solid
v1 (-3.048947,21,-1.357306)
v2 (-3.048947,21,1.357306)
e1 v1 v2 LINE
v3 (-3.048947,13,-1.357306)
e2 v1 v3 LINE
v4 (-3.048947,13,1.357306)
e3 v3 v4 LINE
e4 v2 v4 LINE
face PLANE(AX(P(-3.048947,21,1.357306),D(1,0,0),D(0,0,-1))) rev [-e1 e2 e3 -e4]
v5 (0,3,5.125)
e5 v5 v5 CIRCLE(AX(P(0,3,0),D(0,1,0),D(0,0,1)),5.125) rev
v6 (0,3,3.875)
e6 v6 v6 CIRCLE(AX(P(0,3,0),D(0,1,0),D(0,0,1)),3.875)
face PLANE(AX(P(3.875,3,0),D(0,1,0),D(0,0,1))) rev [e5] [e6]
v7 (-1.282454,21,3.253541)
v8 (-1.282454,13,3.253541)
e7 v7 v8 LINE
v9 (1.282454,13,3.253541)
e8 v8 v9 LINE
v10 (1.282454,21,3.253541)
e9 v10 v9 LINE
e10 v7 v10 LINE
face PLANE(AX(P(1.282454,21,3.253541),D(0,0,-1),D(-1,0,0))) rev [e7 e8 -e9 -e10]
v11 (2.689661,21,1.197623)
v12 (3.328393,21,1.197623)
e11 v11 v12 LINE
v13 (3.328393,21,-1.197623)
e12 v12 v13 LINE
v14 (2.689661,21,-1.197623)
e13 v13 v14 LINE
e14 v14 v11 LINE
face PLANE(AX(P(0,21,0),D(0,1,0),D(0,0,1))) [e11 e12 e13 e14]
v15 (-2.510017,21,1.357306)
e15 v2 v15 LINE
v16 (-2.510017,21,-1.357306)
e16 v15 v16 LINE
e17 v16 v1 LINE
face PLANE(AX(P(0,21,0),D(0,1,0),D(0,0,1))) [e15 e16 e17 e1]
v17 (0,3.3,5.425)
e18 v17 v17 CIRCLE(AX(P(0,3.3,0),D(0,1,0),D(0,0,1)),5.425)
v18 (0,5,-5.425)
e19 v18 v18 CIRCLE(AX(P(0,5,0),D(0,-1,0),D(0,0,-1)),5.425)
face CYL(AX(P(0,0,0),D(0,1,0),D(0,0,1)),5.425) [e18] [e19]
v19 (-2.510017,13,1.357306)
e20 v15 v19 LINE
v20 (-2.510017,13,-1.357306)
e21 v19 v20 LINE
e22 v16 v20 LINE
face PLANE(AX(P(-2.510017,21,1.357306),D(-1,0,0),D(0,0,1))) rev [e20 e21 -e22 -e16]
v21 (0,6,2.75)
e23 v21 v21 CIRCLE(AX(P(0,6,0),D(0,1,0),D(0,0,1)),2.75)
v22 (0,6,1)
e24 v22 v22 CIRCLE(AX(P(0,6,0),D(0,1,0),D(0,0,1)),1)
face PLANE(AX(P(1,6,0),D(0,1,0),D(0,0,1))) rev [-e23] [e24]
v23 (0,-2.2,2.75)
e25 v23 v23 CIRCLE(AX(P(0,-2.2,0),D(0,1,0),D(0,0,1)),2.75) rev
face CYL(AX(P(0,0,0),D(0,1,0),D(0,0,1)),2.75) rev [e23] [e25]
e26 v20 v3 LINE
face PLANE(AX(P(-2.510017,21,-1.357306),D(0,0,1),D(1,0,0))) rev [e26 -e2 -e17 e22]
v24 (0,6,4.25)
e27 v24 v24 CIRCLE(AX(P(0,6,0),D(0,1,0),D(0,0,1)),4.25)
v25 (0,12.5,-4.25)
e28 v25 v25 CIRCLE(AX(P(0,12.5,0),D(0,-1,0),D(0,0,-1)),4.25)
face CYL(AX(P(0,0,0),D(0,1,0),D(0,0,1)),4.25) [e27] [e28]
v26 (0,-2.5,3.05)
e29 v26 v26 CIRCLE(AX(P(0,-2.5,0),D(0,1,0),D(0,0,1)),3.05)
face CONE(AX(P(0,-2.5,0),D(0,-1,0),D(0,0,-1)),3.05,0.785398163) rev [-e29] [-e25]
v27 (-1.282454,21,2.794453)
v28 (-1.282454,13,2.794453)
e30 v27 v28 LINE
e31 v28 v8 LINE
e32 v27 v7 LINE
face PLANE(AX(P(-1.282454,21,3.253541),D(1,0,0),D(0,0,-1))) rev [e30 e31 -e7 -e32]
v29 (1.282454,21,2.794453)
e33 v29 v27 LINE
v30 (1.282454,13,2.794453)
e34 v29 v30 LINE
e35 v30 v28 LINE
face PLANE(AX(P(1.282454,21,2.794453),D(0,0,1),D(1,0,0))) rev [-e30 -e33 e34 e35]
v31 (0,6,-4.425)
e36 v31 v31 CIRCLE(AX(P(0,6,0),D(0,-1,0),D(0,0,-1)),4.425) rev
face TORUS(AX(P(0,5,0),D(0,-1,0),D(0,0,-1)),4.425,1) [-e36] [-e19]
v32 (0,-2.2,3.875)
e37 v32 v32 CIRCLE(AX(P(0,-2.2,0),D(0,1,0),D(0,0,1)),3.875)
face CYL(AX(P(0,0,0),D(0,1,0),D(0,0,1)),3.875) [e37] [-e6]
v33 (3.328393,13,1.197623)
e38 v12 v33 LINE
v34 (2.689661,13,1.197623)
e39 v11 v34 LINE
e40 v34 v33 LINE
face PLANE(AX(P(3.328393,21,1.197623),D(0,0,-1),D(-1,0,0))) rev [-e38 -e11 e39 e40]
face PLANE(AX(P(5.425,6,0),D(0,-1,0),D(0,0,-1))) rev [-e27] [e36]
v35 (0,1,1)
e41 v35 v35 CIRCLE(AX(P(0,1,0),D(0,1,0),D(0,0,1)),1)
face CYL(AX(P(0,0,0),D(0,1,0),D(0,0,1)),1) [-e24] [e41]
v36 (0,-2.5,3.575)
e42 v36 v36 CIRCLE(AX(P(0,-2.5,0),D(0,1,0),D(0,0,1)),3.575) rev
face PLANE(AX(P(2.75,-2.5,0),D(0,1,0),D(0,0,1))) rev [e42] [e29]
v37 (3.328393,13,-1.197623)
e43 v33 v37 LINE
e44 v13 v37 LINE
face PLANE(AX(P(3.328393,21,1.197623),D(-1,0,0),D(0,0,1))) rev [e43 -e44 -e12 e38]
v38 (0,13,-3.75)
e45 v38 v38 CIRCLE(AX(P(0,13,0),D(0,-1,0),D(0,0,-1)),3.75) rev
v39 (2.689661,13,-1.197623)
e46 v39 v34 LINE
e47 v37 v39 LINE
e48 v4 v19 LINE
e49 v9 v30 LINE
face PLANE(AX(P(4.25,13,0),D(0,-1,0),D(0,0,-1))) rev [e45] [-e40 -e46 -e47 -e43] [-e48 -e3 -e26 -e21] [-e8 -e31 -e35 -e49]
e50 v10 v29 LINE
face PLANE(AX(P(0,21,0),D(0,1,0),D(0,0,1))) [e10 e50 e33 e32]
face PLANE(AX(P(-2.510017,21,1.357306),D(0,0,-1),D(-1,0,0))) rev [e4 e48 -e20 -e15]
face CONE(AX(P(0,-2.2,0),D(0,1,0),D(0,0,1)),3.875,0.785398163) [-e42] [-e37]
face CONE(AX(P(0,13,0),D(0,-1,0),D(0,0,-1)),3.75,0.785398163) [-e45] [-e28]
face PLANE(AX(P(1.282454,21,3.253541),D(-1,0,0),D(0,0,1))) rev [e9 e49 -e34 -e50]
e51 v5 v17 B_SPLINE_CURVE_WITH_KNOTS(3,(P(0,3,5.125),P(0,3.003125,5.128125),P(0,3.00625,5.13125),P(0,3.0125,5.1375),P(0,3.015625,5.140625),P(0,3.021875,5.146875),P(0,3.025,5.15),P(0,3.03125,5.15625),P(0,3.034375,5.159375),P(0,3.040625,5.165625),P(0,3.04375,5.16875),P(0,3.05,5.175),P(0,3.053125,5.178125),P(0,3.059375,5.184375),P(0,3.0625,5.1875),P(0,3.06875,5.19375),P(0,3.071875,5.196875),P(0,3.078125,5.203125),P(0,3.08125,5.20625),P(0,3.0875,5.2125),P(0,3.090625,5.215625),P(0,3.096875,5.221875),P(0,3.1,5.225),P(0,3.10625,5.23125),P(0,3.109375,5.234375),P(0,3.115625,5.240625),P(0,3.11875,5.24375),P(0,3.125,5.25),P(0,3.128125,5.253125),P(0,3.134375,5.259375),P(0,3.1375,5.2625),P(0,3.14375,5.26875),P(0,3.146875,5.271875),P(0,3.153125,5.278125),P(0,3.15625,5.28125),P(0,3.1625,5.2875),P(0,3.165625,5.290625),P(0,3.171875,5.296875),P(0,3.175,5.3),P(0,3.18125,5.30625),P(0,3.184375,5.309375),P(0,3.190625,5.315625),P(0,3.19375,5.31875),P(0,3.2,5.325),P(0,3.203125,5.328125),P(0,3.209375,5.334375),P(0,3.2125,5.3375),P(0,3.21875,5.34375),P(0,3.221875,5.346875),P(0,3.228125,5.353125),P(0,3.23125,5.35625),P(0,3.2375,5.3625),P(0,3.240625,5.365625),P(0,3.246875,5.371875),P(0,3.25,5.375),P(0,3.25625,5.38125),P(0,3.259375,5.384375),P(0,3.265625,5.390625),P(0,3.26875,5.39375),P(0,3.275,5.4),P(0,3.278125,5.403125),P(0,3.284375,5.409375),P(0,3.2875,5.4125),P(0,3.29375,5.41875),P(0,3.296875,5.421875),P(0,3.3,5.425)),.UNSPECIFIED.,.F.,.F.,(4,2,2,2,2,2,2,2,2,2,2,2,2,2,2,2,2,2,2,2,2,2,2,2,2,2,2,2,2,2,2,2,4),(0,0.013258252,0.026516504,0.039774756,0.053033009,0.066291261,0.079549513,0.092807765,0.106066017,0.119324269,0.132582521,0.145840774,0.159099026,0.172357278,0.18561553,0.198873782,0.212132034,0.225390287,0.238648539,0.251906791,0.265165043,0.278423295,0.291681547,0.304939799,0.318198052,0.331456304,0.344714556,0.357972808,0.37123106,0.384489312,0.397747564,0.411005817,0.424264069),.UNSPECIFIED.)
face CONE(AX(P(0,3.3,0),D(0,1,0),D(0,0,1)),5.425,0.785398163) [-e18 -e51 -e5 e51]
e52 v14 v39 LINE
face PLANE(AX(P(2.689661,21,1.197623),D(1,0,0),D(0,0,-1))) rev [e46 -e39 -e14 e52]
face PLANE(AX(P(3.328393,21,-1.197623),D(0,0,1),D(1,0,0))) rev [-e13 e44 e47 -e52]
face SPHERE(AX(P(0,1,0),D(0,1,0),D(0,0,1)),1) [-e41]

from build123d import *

# Parameters (mm, degrees)
REDONDEO1_R             = 1
REDONDEO2_R             = 1
CHAFL_N1_SIZE           = 0.3
CHAFL_N2_SIZE           = 0.5
CROQUIS2_W              = 2.564908208
CROQUIS2_H              = 0.459088629
CROQUIS2_W_2            = 0.638732005
CROQUIS2_H_2            = 2.39524502
CROQUIS2_W_3            = 0.538930129
CROQUIS2_H_3            = 2.714611022
SALIENTE_EXTRUIR1_DEPTH = 8


with BuildPart() as part:
    # Croquis1 → Revolución1 (revolve)
    with BuildSketch(Plane.XY, mode=Mode.PRIVATE) as revoluci_n1_sk:
        Polygon((0, 0), (1, 0), (1, 6), (2.75, 6), (2.75, -2.5), (3.875, -2.5), (3.875, 3), (5.425, 3), (5.425, 6), (4.25, 6), (4.25, 13), (0, 13), align=None)
    revolve(revoluci_n1_sk.sketch.rotate(Axis((0, 0, 0), (0, -1, 0)), 90), axis=Axis((0, 0, 0), (0, -1, 0)))

    # Redondeo1
    redondeo1_edges = [part.edges().sort_by_distance(p)[0] for p in [
        (0, 0, -1),
    ]]
    fillet(redondeo1_edges, radius=REDONDEO1_R)

    # Redondeo2
    redondeo2_edges = [part.edges().sort_by_distance(p)[0] for p in [
        (0, 6, -5.425),
    ]]
    fillet(redondeo2_edges, radius=REDONDEO2_R)

    # Chaflán1
    chafl_n1_edges = [part.edges().sort_by_distance(p)[0] for p in [
        (0, 3, -5.425),
        (0, -2.5, -3.875),
        (0, -2.5, -2.75),
    ]]
    chamfer(chafl_n1_edges, length=CHAFL_N1_SIZE)

    # Chaflán2
    chafl_n2_edges = [part.edges().sort_by_distance(p)[0] for p in [
        (0, 13, -4.25),
    ]]
    chamfer(chafl_n2_edges, length=CHAFL_N2_SIZE)

    # Croquis2 → Saliente-Extruir1 (add)
    with BuildSketch(Plane(origin=(0, 13, 0), x_dir=(1, 0, 0), z_dir=(0, 1, 0))):
        with Locations((0, -3.023996838)):
            Rectangle(CROQUIS2_W, CROQUIS2_H)
        with Locations((3.009026556, 0)):
            Rectangle(CROQUIS2_W_2, CROQUIS2_H_2)
        with Locations((-2.779482242, 0)):
            Rectangle(CROQUIS2_W_3, CROQUIS2_H_3)
    extrude(amount=SALIENTE_EXTRUIR1_DEPTH)


solid = part.part
